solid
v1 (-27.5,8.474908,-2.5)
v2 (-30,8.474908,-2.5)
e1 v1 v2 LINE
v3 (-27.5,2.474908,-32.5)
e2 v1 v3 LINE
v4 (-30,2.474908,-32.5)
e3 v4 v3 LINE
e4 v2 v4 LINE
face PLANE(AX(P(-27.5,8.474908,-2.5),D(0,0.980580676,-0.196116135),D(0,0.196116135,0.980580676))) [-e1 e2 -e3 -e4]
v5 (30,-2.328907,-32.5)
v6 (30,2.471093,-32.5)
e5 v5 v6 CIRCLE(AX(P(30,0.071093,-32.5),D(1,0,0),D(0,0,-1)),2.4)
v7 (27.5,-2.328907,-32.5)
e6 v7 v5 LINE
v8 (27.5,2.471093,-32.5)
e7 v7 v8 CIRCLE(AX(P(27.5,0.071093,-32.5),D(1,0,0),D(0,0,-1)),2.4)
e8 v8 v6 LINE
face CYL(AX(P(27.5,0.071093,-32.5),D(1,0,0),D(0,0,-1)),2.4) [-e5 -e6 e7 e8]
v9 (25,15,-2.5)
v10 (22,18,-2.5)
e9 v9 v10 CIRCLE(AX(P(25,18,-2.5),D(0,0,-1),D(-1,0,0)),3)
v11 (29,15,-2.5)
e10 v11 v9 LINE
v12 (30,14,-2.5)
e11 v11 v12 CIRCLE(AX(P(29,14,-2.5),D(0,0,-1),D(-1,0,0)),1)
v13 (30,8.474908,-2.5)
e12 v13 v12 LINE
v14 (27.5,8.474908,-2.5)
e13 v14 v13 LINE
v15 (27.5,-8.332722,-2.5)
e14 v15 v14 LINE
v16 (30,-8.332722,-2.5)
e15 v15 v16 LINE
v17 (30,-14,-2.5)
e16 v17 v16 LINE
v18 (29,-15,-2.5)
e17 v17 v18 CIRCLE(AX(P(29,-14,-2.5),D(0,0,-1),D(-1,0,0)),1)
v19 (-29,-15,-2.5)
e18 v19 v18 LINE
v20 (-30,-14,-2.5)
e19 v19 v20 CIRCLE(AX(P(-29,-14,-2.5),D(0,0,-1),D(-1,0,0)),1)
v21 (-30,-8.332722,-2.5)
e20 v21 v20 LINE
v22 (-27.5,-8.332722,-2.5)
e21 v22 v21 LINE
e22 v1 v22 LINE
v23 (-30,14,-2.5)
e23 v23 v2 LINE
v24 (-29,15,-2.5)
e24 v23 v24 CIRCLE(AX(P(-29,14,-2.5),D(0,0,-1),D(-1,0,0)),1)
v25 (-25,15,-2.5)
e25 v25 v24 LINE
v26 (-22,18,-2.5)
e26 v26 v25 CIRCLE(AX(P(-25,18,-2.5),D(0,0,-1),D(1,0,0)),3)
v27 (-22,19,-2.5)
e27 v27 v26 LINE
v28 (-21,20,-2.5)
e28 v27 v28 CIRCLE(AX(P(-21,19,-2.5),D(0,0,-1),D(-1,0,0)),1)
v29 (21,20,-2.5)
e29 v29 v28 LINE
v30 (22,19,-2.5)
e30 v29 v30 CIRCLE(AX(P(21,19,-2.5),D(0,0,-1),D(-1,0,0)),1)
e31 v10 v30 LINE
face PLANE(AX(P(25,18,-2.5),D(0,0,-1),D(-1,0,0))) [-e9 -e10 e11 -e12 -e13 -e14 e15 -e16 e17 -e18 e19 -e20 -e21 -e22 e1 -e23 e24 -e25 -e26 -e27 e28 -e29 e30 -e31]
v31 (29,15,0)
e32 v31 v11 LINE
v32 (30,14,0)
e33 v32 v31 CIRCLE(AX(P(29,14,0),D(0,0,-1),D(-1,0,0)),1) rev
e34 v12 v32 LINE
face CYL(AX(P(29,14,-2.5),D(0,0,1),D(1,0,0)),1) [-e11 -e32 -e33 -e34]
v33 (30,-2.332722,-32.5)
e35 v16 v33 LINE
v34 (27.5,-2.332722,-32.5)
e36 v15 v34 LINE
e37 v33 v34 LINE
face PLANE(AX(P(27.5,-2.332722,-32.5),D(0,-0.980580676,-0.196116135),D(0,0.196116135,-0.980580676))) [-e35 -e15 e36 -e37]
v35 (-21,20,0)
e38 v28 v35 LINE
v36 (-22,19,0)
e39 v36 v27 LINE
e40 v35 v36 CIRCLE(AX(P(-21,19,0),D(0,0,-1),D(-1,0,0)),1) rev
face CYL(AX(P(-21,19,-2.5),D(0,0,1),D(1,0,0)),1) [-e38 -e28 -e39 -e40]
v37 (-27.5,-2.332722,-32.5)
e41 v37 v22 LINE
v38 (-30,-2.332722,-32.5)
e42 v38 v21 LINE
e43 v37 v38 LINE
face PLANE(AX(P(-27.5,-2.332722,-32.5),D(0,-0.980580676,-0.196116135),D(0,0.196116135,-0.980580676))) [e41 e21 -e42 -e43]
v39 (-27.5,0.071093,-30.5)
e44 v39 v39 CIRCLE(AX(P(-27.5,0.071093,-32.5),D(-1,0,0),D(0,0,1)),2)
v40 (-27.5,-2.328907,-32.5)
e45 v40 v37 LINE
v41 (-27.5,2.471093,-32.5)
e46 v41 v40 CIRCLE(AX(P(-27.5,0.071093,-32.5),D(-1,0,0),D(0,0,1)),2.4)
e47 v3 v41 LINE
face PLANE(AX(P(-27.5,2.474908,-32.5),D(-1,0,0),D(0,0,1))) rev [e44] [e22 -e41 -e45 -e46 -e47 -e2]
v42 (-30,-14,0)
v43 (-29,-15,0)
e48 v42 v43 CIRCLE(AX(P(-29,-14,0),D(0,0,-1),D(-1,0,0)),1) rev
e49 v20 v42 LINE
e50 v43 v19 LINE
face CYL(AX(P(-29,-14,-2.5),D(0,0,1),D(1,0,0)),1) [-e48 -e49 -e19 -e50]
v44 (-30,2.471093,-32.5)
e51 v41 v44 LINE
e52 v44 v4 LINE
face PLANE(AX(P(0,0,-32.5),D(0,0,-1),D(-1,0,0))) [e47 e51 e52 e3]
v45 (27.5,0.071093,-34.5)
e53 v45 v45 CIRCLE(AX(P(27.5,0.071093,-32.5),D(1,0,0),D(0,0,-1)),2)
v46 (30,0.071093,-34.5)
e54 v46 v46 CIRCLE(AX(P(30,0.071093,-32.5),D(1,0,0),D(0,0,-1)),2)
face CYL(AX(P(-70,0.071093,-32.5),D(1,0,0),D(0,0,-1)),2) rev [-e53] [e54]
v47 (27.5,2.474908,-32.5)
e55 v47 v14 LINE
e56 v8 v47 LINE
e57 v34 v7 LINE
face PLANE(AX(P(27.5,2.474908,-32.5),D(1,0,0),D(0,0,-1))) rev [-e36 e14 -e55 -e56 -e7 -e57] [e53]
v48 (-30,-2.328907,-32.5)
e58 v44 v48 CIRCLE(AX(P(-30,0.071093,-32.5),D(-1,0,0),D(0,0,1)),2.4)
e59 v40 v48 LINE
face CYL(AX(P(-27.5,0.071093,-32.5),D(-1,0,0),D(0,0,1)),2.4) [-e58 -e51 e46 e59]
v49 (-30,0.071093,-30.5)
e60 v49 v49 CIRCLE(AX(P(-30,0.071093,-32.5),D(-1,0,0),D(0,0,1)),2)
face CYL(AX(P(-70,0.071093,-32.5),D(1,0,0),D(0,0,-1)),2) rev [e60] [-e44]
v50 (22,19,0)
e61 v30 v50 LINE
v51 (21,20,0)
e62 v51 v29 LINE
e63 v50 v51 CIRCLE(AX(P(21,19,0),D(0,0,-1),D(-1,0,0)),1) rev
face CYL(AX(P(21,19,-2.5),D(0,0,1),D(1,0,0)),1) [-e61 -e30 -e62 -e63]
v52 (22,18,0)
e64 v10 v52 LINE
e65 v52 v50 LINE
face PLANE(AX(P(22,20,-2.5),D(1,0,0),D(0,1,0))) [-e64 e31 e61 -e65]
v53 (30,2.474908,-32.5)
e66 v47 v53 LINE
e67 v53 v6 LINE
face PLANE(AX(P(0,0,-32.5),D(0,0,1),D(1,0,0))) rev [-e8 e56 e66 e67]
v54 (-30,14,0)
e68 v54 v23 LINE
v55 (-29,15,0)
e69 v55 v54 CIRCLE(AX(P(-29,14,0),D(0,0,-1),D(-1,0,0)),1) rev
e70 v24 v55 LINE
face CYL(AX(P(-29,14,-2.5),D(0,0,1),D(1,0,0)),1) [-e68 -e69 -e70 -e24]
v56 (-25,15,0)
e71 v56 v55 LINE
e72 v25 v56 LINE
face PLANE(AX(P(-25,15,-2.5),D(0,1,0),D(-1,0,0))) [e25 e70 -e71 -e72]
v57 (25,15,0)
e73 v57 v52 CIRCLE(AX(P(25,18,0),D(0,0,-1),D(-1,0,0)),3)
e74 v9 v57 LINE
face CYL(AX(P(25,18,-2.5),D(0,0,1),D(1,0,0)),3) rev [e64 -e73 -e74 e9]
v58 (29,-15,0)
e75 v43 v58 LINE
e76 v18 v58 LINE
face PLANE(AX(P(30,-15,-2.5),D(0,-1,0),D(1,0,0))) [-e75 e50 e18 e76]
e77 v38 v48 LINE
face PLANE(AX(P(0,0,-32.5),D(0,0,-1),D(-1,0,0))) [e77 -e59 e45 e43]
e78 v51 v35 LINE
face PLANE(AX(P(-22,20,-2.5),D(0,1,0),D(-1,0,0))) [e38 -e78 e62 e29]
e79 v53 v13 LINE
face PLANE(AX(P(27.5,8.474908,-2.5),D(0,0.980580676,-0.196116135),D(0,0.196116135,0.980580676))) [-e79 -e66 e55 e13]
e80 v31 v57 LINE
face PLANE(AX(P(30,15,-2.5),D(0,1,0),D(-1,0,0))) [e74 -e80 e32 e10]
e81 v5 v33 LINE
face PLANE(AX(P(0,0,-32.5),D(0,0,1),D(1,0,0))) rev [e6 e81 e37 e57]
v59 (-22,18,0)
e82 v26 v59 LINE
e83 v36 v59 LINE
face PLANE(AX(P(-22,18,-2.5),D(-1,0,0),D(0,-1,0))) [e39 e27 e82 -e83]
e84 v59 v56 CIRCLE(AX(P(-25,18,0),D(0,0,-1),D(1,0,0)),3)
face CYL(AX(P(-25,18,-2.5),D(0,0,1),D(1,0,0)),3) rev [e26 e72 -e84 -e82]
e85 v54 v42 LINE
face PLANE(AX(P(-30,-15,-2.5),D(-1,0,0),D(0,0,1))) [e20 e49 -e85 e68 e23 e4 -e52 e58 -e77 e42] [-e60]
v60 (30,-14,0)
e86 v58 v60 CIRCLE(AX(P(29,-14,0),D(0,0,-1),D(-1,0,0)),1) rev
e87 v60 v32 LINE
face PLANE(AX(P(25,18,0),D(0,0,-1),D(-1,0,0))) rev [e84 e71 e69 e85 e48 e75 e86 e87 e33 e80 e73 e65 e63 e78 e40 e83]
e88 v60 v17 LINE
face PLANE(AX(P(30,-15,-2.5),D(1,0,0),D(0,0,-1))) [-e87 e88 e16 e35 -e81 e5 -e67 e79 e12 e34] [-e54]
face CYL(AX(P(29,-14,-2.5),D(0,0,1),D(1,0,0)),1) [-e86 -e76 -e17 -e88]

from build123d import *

# Parameters (mm, degrees)
SALIENTE_EXTRUIR1_DEPTH = 2.5
REDONDEO1_R             = 1
REDONDEO2_R             = 1
CROQUIS3_W              = 2.5
CROQUIS3_H              = 4.8076308
SALIENTE_EXTRUIR2_DEPTH = 30
SALIENTE_EXTRUIR3_DEPTH = 2.5
SALIENTE_EXTRUIR4_START = -2.5
SALIENTE_EXTRUIR4_DEPTH = 2.5
CROQUIS6_R              = 2
CORTAR_EXTRUIR1_DEPTH   = 100


with BuildPart() as part:
    # Croquis2 → Saliente-Extruir1 (new body)
    with BuildSketch(Plane.XY):
        with BuildLine():
            Line((30, -15), (-30, -15))
            Line((-30, -15), (-30, 15))
            Line((-30, 15), (-25, 15))
            ThreePointArc((-25, 15), (-22.878679656, 15.878679656), (-22, 18))
            Line((-22, 18), (-22, 20))
            Line((-22, 20), (22, 20))
            Line((22, 20), (22, 18))
            ThreePointArc((22, 18), (22.878679656, 15.878679656), (25, 15))
            Line((25, 15), (30, 15))
            Line((30, 15), (30, -15))
        make_face()
    extrude(amount=-SALIENTE_EXTRUIR1_DEPTH)

    # Redondeo1
    redondeo1_edges = [part.edges().sort_by_distance(p)[0] for p in [
        (-22, 20, -1.25),
        (22, 20, -1.25),
    ]]
    fillet(redondeo1_edges, radius=REDONDEO1_R)

    # Redondeo2
    redondeo2_edges = [part.edges().sort_by_distance(p)[0] for p in [
        (30, 15, -1.25),
        (30, -15, -1.25),
        (-30, -15, -1.25),
        (-30, 15, -1.25),
    ]]
    fillet(redondeo2_edges, radius=REDONDEO2_R)

    # Croquis3 → Saliente-Extruir2 (add)
    with BuildSketch(Plane(origin=(0, 0, -2.5), x_dir=(-1, 0, 0), z_dir=(0, 0, -1))):
        with Locations((28.75, 0.071092992)):
            Rectangle(CROQUIS3_W, CROQUIS3_H)
        with Locations((-28.75, 0.071092992)):
            Rectangle(CROQUIS3_W, CROQUIS3_H)
    extrude(amount=SALIENTE_EXTRUIR2_DEPTH)

    # Croquis4 → Saliente-Extruir3 (add)
    with BuildSketch(Plane(origin=(30, 0, 0), x_dir=(0, 0, -1), z_dir=(1, 0, 0))):
        with BuildLine():
            Line((32.5, -2.332722408), (2.5, -8.332722408))
            Line((2.5, -8.332722408), (2.5, 2.474908392))
            Line((2.5, 2.474908392), (2.5, 8.474908392))
            Line((2.5, 8.474908392), (32.5, 2.474908392))
            Line((32.5, 2.474908392), (32.5, 2.471092992))
            ThreePointArc((32.5, 2.471092992), (34.9, 0.071092992), (32.5, -2.328907008))
            Line((32.5, -2.328907008), (32.5, -2.332722408))
        make_face()
    extrude(amount=-SALIENTE_EXTRUIR3_DEPTH)

    # Croquis5 → Saliente-Extruir4 (add)
    with BuildSketch(Plane.ZY.offset(30).offset(SALIENTE_EXTRUIR4_START)):
        with BuildLine():
            Line((-2.5, 8.474908392), (-2.5, -8.332722408))
            Line((-2.5, -8.332722408), (-32.5, -2.332722408))
            Line((-32.5, -2.332722408), (-32.5, -2.328907008))
            ThreePointArc((-32.5, -2.328907008), (-34.9, 0.071092992), (-32.5, 2.471092992))
            Line((-32.5, 2.471092992), (-32.5, 2.474908392))
            Line((-32.5, 2.474908392), (-2.5, 8.474908392))
        make_face()
    extrude(amount=SALIENTE_EXTRUIR4_DEPTH)

    # Croquis6 → Cortar-Extruir1 (cut)
    with BuildSketch(Plane(origin=(30, 0, 0), x_dir=(0, 0, -1), z_dir=(1, 0, 0))):
        with Locations((32.5, 0.071092992)):
            Circle(CROQUIS6_R)
    extrude(amount=-CORTAR_EXTRUIR1_DEPTH, mode=Mode.SUBTRACT)


solid = part.part
